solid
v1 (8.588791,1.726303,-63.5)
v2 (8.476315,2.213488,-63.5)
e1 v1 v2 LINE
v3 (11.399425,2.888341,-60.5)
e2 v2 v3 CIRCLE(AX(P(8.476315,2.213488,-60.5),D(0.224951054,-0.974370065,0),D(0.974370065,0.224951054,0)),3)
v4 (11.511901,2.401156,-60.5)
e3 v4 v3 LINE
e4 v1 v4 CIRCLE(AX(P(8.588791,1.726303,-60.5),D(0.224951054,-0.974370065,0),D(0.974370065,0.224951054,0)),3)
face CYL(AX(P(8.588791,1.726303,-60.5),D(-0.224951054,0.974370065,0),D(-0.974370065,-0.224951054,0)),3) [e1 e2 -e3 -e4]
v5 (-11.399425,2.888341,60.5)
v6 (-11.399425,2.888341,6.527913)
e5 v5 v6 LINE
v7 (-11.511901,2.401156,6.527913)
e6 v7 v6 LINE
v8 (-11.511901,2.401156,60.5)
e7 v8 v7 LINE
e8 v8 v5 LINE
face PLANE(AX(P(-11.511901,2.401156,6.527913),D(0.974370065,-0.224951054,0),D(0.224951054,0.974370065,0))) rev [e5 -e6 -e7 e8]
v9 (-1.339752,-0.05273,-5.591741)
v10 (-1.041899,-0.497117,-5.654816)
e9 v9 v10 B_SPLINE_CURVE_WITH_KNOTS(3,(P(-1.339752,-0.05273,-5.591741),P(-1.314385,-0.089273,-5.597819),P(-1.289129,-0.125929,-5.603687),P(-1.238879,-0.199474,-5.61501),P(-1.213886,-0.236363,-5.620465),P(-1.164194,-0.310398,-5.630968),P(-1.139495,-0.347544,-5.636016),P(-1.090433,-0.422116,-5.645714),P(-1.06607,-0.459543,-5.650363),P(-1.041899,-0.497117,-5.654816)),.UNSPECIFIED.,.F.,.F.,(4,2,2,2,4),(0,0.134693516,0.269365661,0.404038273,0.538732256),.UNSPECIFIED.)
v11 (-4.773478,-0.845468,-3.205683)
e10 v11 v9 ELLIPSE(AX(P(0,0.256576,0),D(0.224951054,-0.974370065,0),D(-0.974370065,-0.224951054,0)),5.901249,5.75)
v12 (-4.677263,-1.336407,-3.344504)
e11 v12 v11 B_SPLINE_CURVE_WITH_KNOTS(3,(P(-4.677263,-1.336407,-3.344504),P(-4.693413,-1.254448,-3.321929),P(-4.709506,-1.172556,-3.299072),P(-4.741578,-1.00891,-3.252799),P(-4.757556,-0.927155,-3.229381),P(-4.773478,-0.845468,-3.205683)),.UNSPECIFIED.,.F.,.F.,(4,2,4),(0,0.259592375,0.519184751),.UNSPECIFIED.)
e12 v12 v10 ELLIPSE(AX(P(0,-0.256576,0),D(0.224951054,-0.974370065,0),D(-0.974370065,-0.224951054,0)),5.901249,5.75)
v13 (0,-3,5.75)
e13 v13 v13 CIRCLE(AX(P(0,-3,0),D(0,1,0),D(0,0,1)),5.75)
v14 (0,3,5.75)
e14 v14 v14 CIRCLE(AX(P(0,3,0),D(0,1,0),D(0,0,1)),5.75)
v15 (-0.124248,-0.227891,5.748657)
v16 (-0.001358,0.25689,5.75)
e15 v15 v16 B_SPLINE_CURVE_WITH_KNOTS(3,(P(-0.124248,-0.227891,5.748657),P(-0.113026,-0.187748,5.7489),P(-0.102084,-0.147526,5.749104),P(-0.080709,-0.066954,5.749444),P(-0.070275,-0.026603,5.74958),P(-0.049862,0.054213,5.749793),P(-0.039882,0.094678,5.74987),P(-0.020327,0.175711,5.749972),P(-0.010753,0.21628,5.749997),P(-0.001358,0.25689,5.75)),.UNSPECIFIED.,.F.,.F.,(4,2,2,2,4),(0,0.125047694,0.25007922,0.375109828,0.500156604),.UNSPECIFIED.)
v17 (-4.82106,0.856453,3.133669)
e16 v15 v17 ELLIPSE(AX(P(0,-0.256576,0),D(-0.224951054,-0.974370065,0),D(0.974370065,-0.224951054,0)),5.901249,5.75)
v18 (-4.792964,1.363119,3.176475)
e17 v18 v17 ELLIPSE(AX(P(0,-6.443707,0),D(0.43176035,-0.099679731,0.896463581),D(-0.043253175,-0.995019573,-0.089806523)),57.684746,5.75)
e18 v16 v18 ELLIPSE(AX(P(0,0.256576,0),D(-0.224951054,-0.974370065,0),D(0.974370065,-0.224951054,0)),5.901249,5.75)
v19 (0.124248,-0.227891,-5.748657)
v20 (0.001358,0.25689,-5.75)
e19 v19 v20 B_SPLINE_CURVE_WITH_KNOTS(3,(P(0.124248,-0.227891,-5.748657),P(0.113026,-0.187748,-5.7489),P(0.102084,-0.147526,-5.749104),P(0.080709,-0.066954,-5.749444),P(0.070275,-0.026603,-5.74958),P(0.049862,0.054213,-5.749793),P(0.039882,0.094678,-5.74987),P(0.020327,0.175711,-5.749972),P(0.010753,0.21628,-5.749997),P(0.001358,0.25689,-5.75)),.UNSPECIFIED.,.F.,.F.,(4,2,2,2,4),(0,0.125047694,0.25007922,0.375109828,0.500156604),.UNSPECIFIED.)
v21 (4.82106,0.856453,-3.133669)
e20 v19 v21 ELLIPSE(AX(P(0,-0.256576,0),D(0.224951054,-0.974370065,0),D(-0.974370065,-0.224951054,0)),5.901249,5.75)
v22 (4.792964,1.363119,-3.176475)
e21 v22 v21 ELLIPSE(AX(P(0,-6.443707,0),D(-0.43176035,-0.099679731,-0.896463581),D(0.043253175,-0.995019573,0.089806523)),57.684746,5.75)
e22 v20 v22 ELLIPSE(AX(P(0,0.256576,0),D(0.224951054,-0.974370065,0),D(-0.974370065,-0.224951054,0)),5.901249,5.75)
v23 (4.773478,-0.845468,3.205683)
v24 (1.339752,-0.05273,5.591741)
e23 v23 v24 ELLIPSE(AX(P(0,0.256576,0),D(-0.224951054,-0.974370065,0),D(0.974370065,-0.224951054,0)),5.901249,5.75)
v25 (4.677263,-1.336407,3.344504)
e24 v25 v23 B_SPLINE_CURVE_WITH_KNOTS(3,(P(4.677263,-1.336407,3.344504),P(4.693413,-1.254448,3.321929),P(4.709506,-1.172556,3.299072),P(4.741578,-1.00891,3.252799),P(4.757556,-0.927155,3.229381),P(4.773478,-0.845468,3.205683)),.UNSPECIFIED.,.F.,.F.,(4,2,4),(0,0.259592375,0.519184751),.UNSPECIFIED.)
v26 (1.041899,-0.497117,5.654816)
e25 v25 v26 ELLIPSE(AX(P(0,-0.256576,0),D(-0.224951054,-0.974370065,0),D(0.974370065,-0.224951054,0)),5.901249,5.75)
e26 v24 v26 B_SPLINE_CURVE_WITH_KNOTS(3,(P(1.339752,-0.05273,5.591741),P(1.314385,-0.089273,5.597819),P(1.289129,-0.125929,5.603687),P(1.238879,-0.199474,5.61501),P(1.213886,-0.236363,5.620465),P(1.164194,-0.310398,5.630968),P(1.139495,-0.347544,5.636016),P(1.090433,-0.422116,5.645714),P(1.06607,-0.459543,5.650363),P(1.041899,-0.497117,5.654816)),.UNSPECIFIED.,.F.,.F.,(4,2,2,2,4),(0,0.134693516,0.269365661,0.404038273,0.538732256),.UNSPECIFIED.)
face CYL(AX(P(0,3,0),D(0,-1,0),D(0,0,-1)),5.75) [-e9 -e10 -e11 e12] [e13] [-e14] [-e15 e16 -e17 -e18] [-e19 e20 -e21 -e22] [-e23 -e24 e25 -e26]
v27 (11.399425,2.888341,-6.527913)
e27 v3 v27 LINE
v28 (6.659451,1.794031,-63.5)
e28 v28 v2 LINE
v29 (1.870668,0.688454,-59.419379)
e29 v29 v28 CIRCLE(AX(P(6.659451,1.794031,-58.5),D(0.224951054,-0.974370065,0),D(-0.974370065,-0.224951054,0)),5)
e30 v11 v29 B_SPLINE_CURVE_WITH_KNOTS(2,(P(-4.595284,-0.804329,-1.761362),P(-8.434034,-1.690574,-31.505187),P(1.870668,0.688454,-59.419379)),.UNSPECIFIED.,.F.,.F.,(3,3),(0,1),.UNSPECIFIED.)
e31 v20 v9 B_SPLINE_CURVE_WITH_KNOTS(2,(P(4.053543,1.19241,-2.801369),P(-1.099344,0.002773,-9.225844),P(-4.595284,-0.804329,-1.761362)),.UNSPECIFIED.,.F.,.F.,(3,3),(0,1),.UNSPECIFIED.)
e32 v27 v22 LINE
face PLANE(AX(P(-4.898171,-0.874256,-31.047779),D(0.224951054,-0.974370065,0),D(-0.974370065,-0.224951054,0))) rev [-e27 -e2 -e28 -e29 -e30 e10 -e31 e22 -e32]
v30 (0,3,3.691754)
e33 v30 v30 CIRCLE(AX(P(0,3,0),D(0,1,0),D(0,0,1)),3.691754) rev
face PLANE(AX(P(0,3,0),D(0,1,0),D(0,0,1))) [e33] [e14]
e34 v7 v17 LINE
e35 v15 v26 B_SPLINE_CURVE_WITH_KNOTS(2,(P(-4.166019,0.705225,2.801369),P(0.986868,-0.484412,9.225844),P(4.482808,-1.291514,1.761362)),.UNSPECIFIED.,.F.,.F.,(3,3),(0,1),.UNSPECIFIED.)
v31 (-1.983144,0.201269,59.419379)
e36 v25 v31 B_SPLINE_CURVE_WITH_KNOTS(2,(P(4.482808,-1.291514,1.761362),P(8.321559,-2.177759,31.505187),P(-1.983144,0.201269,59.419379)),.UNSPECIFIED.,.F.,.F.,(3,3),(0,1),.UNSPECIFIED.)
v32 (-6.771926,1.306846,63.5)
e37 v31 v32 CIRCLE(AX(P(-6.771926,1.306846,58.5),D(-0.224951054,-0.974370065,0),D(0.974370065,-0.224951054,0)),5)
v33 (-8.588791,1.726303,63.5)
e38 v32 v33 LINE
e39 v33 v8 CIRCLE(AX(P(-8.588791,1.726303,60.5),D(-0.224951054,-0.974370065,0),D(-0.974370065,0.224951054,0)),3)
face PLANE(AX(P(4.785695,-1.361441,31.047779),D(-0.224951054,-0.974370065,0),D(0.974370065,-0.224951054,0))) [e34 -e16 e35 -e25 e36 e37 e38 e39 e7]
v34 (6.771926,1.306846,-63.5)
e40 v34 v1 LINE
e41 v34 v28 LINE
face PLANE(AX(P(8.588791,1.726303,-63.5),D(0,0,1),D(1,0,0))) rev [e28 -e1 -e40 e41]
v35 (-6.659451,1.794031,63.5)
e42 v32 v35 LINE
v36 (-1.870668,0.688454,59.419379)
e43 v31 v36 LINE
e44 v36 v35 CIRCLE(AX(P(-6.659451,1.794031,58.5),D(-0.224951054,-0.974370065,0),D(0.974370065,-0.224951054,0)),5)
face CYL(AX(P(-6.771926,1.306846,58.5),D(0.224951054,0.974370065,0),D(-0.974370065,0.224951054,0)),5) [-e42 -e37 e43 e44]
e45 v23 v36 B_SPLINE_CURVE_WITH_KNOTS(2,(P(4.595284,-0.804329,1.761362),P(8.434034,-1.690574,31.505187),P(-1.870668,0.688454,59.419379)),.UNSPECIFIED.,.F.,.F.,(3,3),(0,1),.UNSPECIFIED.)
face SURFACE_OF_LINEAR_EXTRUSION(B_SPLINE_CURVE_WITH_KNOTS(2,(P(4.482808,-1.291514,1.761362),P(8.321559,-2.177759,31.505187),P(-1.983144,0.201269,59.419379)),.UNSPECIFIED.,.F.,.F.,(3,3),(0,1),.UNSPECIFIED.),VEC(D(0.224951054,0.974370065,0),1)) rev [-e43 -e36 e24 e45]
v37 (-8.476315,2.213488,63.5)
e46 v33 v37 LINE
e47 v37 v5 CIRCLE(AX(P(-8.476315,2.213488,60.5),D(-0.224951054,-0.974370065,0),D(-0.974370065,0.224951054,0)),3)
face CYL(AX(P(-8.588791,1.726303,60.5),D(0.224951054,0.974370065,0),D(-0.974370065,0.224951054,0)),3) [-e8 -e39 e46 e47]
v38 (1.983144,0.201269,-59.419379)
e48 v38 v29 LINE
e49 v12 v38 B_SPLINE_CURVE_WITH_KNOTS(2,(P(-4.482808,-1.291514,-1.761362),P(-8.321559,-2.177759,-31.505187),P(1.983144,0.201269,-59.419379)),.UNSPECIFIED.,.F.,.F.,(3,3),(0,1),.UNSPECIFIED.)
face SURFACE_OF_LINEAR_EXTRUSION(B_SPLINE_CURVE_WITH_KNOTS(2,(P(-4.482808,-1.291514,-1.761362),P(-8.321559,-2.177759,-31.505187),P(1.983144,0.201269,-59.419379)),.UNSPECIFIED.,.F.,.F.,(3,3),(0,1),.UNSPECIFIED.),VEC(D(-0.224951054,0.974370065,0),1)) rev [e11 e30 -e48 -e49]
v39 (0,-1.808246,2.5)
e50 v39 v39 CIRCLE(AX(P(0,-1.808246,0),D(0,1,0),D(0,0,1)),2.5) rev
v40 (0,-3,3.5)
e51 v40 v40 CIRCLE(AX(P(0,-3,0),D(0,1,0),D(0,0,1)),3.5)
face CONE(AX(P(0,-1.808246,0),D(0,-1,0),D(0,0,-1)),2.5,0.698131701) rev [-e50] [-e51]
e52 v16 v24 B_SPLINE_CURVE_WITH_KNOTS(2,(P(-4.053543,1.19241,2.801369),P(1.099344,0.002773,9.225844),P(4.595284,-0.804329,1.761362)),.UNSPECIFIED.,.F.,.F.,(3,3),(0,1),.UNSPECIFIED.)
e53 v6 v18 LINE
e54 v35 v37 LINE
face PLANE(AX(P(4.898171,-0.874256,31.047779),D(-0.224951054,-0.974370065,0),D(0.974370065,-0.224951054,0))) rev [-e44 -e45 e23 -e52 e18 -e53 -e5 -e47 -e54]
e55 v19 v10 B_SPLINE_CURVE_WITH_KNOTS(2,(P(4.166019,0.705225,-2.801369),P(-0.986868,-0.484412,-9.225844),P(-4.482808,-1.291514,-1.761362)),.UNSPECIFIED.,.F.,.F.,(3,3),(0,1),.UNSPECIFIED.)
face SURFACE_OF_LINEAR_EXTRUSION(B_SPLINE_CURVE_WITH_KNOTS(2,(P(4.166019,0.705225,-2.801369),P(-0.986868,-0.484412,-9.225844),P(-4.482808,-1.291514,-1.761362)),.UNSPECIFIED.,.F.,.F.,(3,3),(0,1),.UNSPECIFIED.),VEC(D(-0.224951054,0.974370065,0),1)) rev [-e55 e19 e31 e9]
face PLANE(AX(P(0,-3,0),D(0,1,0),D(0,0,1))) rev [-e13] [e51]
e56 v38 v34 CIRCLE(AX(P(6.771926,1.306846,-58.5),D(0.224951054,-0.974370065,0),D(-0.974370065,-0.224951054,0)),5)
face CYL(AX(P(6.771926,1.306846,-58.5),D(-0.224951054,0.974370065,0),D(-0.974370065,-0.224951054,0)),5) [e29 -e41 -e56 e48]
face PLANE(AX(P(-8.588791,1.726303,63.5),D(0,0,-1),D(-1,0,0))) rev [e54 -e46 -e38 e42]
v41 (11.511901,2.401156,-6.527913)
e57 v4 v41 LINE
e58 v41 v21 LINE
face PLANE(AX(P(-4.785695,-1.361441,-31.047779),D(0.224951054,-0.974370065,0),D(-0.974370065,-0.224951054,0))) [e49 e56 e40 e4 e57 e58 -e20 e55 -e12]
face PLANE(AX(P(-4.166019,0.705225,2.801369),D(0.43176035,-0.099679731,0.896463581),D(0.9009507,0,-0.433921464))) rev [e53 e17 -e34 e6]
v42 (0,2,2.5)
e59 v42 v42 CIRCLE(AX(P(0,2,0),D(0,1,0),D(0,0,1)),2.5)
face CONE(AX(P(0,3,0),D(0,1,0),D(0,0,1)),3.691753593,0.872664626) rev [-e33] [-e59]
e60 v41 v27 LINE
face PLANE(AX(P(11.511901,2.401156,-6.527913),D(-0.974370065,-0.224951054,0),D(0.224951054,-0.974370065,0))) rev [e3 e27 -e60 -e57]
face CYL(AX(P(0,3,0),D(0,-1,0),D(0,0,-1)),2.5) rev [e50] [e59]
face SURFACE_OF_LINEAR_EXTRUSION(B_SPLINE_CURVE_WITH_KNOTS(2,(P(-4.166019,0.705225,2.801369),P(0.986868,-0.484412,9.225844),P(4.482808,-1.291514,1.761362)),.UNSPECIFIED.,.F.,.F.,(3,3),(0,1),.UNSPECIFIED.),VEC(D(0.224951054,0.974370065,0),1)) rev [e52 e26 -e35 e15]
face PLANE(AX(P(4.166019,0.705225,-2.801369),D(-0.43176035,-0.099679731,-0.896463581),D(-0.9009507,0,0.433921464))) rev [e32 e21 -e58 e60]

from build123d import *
from OCP.BRepFilletAPI import BRepFilletAPI_MakeChamfer

# Parameters (mm, degrees)
SKETCH1_R           = 5.75
BOSS_EXTRUDE1_DEPTH = 3
BOSS_EXTRUDE2_DEPTH = 0.25
CIRPATTERN2_COUNT   = 2
SKETCH5_R           = 2.5
CUT_EXTRUDE2_DEPTH  = 65.81337733
CHAMFER1_SIZE       = 1
CHAMFER1_SIZE2      = 1.191753593
CIRPATTERN1_COUNT   = 2


with BuildPart() as part:
    # Sketch1 → Boss-Extrude1 (new, symmetric)
    with BuildSketch(Plane(origin=(0, 0, 0), x_dir=(1, 0, 0), z_dir=(0, 1, 0))):
        with Locations(Location((0, 0, 0), (0, 0, 270))):
            Circle(SKETCH1_R)
    extrude(amount=BOSS_EXTRUDE1_DEPTH, both=True)

    # Sketch3 → Boss-Extrude2 (add, symmetric)
    with BuildSketch(Plane(origin=(0, 0, 0), x_dir=(0.9743700647852351, -0.22495105434386545, 0), z_dir=(-0.22495105434386545, -0.9743700647852351, 0))):
        with BuildLine():
            Line((-4.217884967, 2.801368956), (-11.756994241, 6.527912594))
            Line((-11.756994241, 6.527912594), (-11.756994241, 60.5))
            ThreePointArc((-11.756994241, 60.5), (-10.878314584, 62.621320344), (-8.756994241, 63.5))
            Line((-8.756994241, 63.5), (-6.892338734, 63.5))
            ThreePointArc((-6.892338734, 63.5), (-3.698351895, 62.346875105), (-1.977591351, 59.419379228))
            add(Edge.make_bspline(
                [(-1.977591351, 59.419379228), (8.598166734, 31.505186927), (4.658441713, 1.76136177)],
                knots=[0, 0, 0, 1, 1, 1], degree=2))
            add(Edge.make_bspline(
                [(-4.217884967, 2.801368956), (1.070543738, 9.225844279), (4.658441713, 1.76136177)],
                knots=[0, 0, 0, 1, 1, 1], degree=2))
        make_face()
    boss_extrude2 = extrude(amount=BOSS_EXTRUDE2_DEPTH, both=True)

    # CirPattern2: Boss-Extrude2 ×2 about axis
    cirpattern2_axis = Axis((0, 3, 0), (0, -1, 0))
    for i in range(1, CIRPATTERN2_COUNT):
        add(boss_extrude2.rotate(cirpattern2_axis, i * 360 / CIRPATTERN2_COUNT))

    # Sketch5 → Cut-Extrude2 (cut, through all)
    with BuildSketch(Plane.XZ.offset(3)):
        with Locations(Location((0, 0, 0), (0, 0, 270))):
            Circle(SKETCH5_R)
    extrude(amount=-CUT_EXTRUDE2_DEPTH, mode=Mode.SUBTRACT)

    # Chamfer1: one chamfer whose edges measure the first distance from different faces: ONE call of the kernel's chamfer builder (chamfer() names one face for all edges)
    chamfer1_edges_1 = [part.edges().sort_by_distance(p)[0] for p in [
        (0, 3, 2.5),
    ]]
    chamfer1_side_1 = [part.faces().sort_by_distance(p)[0] for p in [
        (0, 0, 2.5),
    ]]
    chamfer1_edges_2 = [part.edges().sort_by_distance(p)[0] for p in [
        (0, -3, 2.5),
    ]]
    chamfer1_side_2 = [part.faces().sort_by_distance(p)[0] for p in [
        (0, -3, -5.58736544),
    ]]
    chamfer1 = BRepFilletAPI_MakeChamfer(part.part.solid().wrapped)
    for e in chamfer1_edges_1:
        chamfer1.Add(CHAMFER1_SIZE, CHAMFER1_SIZE2, e.wrapped, chamfer1_side_1[0].wrapped)  # the first distance lies on this face
    for e in chamfer1_edges_2:
        chamfer1.Add(CHAMFER1_SIZE, CHAMFER1_SIZE2, e.wrapped, chamfer1_side_2[0].wrapped)  # the first distance lies on this face
    add(Compound.cast(chamfer1.Shape()), mode=Mode.REPLACE)

    # CirPattern1: Boss-Extrude2 ×2 about axis
    cirpattern1_axis = Axis((0, 3, 0), (0, -1, 0))
    for i in range(1, CIRPATTERN1_COUNT):
        add(boss_extrude2.rotate(cirpattern1_axis, i * 360 / CIRPATTERN1_COUNT))


solid = part.part
